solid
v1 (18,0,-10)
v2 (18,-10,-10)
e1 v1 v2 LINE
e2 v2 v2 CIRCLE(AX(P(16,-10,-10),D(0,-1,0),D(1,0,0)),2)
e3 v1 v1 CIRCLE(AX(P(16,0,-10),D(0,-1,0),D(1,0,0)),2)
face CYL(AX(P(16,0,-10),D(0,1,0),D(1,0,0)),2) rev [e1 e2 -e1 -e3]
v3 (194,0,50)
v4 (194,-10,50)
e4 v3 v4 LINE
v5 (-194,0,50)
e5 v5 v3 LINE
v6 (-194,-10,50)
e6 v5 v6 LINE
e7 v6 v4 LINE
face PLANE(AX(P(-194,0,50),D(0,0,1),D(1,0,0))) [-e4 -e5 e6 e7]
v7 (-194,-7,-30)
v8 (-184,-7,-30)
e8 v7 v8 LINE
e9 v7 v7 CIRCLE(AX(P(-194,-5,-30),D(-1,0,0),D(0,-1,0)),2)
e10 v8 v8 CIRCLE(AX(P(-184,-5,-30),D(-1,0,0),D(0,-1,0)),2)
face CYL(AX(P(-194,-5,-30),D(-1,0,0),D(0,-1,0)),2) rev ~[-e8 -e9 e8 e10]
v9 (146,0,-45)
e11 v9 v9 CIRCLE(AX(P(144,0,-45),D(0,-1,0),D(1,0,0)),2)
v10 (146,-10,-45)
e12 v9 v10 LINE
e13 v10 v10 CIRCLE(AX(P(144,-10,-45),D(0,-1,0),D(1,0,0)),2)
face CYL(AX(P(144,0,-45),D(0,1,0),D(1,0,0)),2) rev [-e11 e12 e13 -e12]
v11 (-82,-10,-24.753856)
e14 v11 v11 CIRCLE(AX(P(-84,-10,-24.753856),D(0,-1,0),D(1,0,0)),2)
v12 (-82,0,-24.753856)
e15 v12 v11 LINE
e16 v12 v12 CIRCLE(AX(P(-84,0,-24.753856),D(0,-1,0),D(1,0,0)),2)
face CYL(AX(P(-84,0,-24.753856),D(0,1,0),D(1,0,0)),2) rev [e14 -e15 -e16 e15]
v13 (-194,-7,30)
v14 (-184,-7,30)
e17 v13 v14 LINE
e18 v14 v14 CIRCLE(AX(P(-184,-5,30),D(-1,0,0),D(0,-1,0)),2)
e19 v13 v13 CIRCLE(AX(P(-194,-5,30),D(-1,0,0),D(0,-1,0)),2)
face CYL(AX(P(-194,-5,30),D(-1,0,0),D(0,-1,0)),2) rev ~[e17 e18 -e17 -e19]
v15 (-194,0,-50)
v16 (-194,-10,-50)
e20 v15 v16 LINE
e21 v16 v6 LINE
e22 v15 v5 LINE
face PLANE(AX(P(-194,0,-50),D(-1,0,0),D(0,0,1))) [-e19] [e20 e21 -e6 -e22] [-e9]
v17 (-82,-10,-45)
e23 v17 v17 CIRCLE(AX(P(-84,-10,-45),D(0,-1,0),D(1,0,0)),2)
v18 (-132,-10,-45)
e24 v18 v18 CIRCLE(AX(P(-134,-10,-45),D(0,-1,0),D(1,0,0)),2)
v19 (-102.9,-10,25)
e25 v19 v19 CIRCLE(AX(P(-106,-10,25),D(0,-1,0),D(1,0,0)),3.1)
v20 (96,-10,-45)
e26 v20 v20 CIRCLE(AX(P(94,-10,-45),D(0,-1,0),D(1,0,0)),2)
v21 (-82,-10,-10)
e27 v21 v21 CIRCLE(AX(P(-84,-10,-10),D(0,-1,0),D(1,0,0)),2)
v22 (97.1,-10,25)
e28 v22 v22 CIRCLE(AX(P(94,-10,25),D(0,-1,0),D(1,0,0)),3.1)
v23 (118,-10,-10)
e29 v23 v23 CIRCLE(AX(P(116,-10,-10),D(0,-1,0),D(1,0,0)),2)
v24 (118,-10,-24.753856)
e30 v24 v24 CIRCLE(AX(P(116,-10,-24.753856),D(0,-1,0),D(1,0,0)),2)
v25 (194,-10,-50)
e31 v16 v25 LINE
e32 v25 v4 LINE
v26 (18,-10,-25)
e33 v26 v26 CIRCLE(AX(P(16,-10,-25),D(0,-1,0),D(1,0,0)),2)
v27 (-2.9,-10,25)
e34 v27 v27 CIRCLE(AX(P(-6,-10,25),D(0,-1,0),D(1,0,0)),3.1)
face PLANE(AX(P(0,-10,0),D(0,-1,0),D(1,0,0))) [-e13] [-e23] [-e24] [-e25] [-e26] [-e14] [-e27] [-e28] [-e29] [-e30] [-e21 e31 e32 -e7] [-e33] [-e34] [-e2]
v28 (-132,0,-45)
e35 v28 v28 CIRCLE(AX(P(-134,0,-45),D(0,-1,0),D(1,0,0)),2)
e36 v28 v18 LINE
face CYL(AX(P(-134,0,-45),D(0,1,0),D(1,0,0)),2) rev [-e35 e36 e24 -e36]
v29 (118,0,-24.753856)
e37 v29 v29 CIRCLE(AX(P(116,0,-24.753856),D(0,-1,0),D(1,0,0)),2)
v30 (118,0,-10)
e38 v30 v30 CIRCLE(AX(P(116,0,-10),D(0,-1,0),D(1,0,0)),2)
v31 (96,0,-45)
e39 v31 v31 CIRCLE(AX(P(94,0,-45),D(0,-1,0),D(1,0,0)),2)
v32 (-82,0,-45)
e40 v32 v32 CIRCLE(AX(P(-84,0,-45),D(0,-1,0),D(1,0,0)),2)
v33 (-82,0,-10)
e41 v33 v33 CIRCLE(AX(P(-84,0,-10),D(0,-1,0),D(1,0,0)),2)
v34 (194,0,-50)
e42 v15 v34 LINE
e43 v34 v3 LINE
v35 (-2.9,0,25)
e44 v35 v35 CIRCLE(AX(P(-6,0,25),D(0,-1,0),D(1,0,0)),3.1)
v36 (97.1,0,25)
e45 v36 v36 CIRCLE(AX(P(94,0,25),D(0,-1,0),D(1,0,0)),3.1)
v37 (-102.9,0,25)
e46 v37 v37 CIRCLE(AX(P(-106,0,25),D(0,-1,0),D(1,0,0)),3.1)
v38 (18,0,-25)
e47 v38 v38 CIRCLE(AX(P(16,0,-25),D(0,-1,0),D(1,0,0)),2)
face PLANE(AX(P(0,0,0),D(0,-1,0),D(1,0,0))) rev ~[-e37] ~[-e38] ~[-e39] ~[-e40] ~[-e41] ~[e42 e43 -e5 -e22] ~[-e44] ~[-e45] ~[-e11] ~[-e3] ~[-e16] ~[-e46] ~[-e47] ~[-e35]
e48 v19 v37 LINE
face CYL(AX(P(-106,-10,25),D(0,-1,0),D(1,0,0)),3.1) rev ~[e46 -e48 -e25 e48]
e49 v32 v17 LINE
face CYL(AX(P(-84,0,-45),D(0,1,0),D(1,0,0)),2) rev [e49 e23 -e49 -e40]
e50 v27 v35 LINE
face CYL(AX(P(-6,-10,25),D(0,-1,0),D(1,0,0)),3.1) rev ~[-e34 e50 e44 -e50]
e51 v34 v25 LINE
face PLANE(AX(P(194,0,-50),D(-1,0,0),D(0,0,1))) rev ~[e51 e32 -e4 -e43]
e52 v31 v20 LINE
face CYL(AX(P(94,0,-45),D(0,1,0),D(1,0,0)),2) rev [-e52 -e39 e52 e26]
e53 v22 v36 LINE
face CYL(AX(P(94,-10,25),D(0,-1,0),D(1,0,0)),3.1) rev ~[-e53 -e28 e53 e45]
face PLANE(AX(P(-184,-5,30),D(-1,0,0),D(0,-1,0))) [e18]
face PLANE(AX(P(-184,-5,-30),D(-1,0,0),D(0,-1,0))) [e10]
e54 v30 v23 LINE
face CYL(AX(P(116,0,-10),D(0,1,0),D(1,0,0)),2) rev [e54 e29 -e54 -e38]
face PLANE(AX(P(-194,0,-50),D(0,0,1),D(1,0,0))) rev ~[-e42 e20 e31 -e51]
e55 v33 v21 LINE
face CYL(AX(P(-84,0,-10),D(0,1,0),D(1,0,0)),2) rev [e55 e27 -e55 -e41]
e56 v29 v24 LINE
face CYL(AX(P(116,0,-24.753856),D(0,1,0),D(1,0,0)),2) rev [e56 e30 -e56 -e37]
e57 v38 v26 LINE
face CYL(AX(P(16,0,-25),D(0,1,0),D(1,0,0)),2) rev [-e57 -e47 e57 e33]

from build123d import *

# Parameters (mm, degrees)
F0_W     = 388
F0_H     = 100
F0_R     = 2
F1_DEPTH = 10
F2_R     = 3.1
F3_DEPTH = 10
F4_R     = 2
F5_DEPTH = 10


with BuildPart() as f1:
    # F0 (on Front) → F1 (new body)
    with BuildSketch(Plane.XZ):
        Rectangle(F0_W, F0_H)
        with Locations((-134, -45)):
            Circle(F0_R, mode=Mode.SUBTRACT)
        with Locations((-84, -45)):
            Circle(F0_R, mode=Mode.SUBTRACT)
        with Locations((-84, -24.753856)):
            Circle(F0_R, mode=Mode.SUBTRACT)
        with Locations((-84, -10)):
            Circle(F0_R, mode=Mode.SUBTRACT)
        with Locations((94, -45)):
            Circle(F0_R, mode=Mode.SUBTRACT)
        with Locations((144, -45)):
            Circle(F0_R, mode=Mode.SUBTRACT)
        with Locations((16, -25)):
            Circle(F0_R, mode=Mode.SUBTRACT)
        with Locations((16, -10)):
            Circle(F0_R, mode=Mode.SUBTRACT)
        with Locations((116, -24.753856)):
            Circle(F0_R, mode=Mode.SUBTRACT)
        with Locations((116, -10)):
            Circle(F0_R, mode=Mode.SUBTRACT)
    extrude(amount=F1_DEPTH)

    # F2 (on face) → F3 (cut)
    with BuildSketch(Plane.XZ.offset(10)):
        with Locations((-6, 25)):
            Circle(F2_R)
        with Locations((94, 25)):
            Circle(F2_R)
        with Locations((-106, 25)):
            Circle(F2_R)
    extrude(amount=-F3_DEPTH, mode=Mode.SUBTRACT)

    # F4 (on face) → F5 (cut)
    with BuildSketch(Plane(origin=(-194, 0, 0), x_dir=(0, -1, 0), z_dir=(-1, 0, 0))):
        with Locations((5, -30)):
            Circle(F4_R)
        with Locations((5, 30)):
            Circle(F4_R)
    extrude(amount=-F5_DEPTH, mode=Mode.SUBTRACT)


solid = f1.part
